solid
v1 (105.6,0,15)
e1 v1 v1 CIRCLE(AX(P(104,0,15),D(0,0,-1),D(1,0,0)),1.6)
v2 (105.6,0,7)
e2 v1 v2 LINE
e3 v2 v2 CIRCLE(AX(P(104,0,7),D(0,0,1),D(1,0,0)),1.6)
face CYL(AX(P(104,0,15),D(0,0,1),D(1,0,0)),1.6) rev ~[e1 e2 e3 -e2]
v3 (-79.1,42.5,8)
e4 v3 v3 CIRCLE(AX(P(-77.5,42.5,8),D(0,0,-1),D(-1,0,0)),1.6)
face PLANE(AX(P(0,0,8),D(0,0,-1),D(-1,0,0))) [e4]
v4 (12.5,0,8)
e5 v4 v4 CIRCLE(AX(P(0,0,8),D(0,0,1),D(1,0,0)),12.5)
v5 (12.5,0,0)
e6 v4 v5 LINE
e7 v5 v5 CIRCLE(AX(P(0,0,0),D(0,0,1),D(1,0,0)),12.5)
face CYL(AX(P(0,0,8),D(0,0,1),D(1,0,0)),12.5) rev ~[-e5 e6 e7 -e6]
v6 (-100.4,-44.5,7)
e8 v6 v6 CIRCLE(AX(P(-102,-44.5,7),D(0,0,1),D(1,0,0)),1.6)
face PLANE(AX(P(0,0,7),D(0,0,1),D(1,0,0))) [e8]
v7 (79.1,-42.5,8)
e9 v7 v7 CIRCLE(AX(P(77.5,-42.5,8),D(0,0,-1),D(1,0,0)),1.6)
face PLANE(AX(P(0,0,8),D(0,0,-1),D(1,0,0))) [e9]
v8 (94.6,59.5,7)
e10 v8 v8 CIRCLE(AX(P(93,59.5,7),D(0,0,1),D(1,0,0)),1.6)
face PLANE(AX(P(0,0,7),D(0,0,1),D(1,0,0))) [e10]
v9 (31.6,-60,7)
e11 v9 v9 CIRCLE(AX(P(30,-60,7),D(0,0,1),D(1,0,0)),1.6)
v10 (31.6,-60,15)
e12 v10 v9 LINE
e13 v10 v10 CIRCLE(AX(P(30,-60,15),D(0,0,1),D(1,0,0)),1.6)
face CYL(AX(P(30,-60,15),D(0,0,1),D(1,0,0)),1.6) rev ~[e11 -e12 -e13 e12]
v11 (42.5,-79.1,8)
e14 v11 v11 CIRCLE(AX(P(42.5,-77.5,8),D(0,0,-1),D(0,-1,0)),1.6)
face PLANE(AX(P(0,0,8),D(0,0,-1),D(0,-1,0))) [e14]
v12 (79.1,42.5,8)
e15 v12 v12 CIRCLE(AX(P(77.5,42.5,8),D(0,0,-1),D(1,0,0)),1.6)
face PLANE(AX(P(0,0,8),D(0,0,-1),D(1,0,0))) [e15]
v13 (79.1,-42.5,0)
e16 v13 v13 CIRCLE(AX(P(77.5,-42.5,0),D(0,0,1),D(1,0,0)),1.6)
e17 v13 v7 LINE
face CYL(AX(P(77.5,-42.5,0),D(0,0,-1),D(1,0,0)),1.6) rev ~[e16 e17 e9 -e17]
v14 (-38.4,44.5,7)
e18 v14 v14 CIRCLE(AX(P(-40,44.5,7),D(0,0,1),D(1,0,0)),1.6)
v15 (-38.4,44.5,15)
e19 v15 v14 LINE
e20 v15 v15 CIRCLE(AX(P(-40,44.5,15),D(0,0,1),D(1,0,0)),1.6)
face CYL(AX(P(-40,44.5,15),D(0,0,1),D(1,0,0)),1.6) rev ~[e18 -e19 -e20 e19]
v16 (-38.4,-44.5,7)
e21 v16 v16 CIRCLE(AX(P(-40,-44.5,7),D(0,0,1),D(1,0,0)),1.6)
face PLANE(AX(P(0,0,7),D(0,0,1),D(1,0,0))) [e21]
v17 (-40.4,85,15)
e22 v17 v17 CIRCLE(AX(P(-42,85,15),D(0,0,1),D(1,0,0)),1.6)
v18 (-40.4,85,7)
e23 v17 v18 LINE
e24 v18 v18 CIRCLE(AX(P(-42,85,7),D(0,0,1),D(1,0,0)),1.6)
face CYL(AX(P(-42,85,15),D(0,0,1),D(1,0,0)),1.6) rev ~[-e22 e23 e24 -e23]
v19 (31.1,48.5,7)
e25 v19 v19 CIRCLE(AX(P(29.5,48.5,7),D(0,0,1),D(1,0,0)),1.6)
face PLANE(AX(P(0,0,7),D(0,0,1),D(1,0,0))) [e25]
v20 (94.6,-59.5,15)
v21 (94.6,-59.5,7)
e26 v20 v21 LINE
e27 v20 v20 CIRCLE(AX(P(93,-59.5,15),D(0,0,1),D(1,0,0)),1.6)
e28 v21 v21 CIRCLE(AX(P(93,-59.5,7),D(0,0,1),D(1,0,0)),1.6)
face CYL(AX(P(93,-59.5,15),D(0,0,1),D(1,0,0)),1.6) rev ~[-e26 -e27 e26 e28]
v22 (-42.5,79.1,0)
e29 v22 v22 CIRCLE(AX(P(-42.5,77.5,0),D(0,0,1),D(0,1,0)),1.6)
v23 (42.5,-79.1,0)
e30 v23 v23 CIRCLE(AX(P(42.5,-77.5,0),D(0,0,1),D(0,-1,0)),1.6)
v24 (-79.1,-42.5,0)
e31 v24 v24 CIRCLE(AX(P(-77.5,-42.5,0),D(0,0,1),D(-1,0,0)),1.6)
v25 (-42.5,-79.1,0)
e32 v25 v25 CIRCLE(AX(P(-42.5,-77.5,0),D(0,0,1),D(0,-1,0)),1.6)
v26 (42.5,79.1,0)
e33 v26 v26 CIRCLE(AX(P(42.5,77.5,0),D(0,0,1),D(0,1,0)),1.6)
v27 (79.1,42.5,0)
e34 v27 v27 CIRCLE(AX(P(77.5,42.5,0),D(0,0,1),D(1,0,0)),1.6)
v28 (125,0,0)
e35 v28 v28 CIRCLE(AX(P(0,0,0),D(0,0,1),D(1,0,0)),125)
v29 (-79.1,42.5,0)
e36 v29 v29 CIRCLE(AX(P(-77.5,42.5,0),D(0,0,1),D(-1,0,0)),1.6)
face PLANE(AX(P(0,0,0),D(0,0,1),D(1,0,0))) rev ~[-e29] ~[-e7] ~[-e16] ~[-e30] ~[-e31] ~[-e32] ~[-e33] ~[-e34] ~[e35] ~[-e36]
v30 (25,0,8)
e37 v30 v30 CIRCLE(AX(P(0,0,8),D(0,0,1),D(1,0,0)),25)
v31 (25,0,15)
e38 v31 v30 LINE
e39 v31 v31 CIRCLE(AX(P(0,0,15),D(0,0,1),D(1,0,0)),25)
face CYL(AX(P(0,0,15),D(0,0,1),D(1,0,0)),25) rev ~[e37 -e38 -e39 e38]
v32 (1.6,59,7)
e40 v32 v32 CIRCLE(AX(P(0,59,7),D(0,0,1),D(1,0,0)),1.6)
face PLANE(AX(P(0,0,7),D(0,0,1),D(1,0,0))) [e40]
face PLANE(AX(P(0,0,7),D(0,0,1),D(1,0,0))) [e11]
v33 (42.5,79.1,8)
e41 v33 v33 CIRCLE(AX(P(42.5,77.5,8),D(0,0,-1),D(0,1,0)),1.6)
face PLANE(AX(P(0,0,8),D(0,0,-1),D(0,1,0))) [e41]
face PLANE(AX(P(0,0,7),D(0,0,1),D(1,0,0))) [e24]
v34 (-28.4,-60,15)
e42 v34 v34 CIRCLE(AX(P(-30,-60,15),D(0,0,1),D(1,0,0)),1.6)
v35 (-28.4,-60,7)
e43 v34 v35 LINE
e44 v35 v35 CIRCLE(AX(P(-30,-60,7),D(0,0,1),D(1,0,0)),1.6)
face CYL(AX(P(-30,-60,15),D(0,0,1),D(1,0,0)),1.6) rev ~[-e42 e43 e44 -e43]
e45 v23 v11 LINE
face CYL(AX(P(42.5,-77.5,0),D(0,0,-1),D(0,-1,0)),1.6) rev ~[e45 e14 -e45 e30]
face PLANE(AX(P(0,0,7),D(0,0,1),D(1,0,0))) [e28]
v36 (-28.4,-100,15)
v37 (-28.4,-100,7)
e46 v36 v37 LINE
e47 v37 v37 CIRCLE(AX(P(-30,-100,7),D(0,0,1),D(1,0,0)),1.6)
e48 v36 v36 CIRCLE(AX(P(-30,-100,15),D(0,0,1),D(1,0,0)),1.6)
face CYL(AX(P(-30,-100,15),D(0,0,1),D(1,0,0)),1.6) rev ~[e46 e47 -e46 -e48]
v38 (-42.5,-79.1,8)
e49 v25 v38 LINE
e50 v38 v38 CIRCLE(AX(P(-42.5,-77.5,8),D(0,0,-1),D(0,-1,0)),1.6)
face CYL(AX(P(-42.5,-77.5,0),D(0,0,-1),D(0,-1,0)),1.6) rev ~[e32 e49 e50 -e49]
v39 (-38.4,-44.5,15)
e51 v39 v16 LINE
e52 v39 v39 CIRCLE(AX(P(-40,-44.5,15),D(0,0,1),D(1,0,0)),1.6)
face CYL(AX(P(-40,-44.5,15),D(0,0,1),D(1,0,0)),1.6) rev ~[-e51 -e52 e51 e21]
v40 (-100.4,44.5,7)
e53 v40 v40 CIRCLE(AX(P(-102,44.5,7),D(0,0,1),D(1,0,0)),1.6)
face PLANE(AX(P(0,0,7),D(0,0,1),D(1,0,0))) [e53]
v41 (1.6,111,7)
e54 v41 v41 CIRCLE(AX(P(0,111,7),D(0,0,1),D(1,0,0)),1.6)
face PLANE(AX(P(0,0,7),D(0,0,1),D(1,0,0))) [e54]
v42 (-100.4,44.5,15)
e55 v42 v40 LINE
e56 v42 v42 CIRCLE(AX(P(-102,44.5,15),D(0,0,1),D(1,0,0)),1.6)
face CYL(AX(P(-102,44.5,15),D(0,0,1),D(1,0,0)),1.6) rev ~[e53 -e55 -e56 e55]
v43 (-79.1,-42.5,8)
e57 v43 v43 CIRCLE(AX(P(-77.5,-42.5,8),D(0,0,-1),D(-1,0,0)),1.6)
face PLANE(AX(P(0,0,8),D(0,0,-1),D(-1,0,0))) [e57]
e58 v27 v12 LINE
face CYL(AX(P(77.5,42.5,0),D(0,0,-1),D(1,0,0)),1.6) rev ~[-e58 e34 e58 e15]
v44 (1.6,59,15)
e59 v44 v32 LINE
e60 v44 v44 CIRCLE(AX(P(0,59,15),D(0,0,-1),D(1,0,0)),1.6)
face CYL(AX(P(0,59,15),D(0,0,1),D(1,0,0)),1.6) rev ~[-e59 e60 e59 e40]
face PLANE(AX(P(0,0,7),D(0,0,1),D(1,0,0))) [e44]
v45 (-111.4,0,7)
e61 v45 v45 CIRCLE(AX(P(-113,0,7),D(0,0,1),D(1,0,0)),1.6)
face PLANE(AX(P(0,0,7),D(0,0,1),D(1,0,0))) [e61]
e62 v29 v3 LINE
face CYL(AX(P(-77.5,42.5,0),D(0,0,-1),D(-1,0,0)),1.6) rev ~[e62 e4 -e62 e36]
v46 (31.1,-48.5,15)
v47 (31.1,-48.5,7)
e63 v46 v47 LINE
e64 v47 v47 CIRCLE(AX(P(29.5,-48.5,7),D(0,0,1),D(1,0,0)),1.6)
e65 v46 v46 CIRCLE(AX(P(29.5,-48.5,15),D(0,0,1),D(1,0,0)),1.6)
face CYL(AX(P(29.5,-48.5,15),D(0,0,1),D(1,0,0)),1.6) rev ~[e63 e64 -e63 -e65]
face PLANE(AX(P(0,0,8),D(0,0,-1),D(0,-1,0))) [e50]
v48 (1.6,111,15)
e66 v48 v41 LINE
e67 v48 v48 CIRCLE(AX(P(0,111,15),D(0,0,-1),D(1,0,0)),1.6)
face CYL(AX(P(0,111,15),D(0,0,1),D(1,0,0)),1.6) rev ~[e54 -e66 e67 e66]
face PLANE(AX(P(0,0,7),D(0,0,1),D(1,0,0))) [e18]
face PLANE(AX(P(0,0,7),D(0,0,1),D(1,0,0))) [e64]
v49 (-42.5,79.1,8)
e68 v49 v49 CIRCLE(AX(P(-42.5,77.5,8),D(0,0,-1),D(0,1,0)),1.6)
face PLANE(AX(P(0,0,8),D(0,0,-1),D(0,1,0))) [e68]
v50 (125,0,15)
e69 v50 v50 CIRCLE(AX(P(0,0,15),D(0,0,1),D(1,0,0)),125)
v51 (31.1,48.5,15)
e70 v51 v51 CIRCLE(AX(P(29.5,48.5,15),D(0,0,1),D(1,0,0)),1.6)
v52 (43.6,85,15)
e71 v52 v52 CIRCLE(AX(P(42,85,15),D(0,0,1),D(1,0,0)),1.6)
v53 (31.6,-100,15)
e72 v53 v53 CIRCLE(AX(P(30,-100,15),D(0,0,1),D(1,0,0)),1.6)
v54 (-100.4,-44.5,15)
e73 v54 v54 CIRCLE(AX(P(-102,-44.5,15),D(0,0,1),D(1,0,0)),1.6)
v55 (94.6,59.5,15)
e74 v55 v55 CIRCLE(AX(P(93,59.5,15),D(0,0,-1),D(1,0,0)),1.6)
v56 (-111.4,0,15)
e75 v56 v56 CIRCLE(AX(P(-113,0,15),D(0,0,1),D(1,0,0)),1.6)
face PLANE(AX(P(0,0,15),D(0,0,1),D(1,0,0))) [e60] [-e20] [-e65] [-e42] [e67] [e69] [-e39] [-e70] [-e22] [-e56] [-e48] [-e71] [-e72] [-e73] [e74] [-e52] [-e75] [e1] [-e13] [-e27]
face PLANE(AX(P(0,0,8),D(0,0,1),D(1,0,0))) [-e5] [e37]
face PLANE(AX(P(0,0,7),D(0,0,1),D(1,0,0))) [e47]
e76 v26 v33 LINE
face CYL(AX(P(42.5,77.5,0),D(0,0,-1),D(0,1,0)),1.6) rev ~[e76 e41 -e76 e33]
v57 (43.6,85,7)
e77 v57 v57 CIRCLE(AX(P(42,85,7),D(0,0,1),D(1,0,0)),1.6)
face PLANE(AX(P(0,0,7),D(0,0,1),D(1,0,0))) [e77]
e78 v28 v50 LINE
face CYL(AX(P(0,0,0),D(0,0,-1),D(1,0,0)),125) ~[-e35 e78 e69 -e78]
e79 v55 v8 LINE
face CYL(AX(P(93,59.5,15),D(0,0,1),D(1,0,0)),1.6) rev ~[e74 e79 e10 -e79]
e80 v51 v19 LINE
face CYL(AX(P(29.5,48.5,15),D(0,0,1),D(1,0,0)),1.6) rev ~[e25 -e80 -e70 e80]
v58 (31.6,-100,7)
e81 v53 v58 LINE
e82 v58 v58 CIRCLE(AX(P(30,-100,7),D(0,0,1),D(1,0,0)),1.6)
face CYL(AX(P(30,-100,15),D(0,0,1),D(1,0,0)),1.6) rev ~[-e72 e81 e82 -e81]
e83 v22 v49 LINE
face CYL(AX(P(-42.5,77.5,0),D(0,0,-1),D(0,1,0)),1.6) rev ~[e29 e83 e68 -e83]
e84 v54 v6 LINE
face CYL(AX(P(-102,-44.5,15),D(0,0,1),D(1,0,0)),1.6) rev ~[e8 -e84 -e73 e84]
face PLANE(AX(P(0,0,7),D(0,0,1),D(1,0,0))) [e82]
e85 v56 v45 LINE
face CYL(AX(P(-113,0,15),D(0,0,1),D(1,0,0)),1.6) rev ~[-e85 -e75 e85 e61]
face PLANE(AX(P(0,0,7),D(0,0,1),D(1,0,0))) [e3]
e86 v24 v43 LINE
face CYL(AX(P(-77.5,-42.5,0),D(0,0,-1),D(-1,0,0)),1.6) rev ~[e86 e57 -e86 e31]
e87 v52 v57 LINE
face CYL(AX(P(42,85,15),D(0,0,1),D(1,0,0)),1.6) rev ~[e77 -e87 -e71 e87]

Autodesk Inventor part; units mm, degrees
ref_plane "YZ Plane" through (0, 0, 0) normal (1, 0, 0) x (0, 1, 0)
ref_plane "XZ Plane" through (0, 0, 0) normal (0, 1, 0) x (-1, 0, 0)
ref_plane "XY Plane" through (0, 0, 0) normal (0, 0, 1) x (1, 0, 0)
sketch "Sketch1" plane through (0, 0, 0) normal (0, 0, 1) x (1, 0, 0)
  circle A0 centre (0, 0) radius 125
  dimension "d0" = 250
extrude "Extrusion1" add sketch "Sketch1" along normal blind 15
sketch "Sketch2" plane through (0, 0, 15) normal (0, 0, 1) x (1, 0, 0)
  circle A0 centre (0, 0) radius 25
  dimension "d3" = 50
extrude "Extrusion2" cut sketch "Sketch2" against normal blind 7
sketch "Sketch3" plane through (0, 0, 8) normal (0, 0, 1) x (1, 0, 0)
  circle A0 centre (0, 0) radius 12.5
  dimension "d6" = 25
extrude "Extrusion3" cut sketch "Sketch3" against normal through all
sketch "Sketch4" plane through (0, 0, 15) normal (0, 0, 1) x (1, 0, 0)
  circle A0 centre (29.5, -48.5) radius 1.6
  line L0 (0, 0) -> (147.2327, 0)
  line L1 (93, 0) -> (93, 59.5)
  circle A1 centre (29.5, 48.5) radius 1.6
  circle A2 centre (93, -59.5) radius 1.6
  circle A3 centre (93, 59.5) radius 1.6
  circle A4 centre (104, 0) radius 1.6
  dimension "d11" = 3.2
  dimension "d50" = 93
  dimension "d51" = 3.2
  dimension "d53" = 3.2
  dimension "d55" = 97
  dimension "d56" = 119
  dimension "d90" = 29.5
  dimension "d91" = 104
extrude "Extrusion4" cut sketch "Sketch4" against normal blind 8
sketch "Sketch5" plane through (0, 0, 15) normal (0, 0, 1) x (1, 0, 0)
  line L0 (-43.6176, 0) -> (7.6417, 0)
  circle A0 centre (-40, 44.5) radius 1.6
  circle A1 centre (-40, -44.5) radius 1.6
  line L1 (-71, 46.1) -> (-71, -32.5719)
  circle A2 centre (-102, 44.5) radius 1.6
  circle A3 centre (-102, -44.5) radius 1.6
  circle A4 centre (-113, 0) radius 1.6
  point P0 (0, 0)
  dimension "d60" = 3.2
  dimension "d61" = 89
  dimension "d62" = 62
  dimension "d63" = 40
  dimension "d64" = 3.2
  dimension "d65" = 11
extrude "Extrusion5" cut sketch "Sketch5" against normal blind 8
sketch "Sketch6" plane through (0, 0, 15) normal (0, 0, 1) x (1, 0, 0)
  circle A0 centre (-42, 85) radius 1.6
  line L0 (0, 131.4928) -> (0, 57.1829)
  line L1 (-43.3756, 85) -> (37.4091, 85)
  circle A1 centre (42, 85) radius 1.6
  circle A2 centre (0, 111) radius 1.6
  circle A3 centre (0, 59) radius 1.6
  point P0 (0, 0)
  dimension "d38" = 3.2
  dimension "d85" = 85
  dimension "d86" = 84
  dimension "d87" = 3.2
  dimension "d88" = 52
extrude "Extrusion6" cut sketch "Sketch6" against normal blind 8
sketch "Sketch9" plane through (0, 0, 15) normal (0, 0, 1) x (1, 0, 0)
  line L0 (0, -68.2489) -> (0, -119.1894)
  line L1 (-34.7906, -80) -> (35.8893, -80)
  circle A0 centre (-30, -60) radius 1.6
  circle A1 centre (30, -60) radius 1.6
  circle A2 centre (-30, -100) radius 1.6
  circle A3 centre (30, -100) radius 1.6
  point P0 (0, 0)
  point P1 (0.5493, -80)
  dimension "d77" = 80
  dimension "d78" = 3.2
  dimension "d79" = 60
  dimension "d89" = 40
extrude "Extrusion8" cut sketch "Sketch9" against normal blind 8
sketch "Sketch7" plane through (0, 0, 0) normal (0, 0, -1) x (-1, 0, 0)
  circle A0 centre (77.5, 42.5) radius 1.6
  circle A1 centre (0, 0) radius 12.5 projected
  line L0 (0, 0) -> (77.5, 0)
  circle A2 centre (77.5, -42.5) radius 1.6
  line L1 (0, 0) -> (26.3155, 0)
  line L2 (77.5, 42.5) -> (77.5, -42.5)
  dimension "d66" = 3.2
  dimension "d67" = 85
  dimension "d75" = 0
  dimension "d76" = 77.5
extrude "Extrusion7" cut sketch "Sketch7" against normal blind 8 contours A0 | A2
pattern_circular "Circular Pattern1" count 4 over 360 about axis through (0, 0, 8) along (0, 0, -1) of "Extrusion7"
sketch "Sketch8" plane through (0, 0, 15) normal (0, 0, 1) x (1, 0, 0)
  point P0 (0, 0)
properties part number "base_board"
